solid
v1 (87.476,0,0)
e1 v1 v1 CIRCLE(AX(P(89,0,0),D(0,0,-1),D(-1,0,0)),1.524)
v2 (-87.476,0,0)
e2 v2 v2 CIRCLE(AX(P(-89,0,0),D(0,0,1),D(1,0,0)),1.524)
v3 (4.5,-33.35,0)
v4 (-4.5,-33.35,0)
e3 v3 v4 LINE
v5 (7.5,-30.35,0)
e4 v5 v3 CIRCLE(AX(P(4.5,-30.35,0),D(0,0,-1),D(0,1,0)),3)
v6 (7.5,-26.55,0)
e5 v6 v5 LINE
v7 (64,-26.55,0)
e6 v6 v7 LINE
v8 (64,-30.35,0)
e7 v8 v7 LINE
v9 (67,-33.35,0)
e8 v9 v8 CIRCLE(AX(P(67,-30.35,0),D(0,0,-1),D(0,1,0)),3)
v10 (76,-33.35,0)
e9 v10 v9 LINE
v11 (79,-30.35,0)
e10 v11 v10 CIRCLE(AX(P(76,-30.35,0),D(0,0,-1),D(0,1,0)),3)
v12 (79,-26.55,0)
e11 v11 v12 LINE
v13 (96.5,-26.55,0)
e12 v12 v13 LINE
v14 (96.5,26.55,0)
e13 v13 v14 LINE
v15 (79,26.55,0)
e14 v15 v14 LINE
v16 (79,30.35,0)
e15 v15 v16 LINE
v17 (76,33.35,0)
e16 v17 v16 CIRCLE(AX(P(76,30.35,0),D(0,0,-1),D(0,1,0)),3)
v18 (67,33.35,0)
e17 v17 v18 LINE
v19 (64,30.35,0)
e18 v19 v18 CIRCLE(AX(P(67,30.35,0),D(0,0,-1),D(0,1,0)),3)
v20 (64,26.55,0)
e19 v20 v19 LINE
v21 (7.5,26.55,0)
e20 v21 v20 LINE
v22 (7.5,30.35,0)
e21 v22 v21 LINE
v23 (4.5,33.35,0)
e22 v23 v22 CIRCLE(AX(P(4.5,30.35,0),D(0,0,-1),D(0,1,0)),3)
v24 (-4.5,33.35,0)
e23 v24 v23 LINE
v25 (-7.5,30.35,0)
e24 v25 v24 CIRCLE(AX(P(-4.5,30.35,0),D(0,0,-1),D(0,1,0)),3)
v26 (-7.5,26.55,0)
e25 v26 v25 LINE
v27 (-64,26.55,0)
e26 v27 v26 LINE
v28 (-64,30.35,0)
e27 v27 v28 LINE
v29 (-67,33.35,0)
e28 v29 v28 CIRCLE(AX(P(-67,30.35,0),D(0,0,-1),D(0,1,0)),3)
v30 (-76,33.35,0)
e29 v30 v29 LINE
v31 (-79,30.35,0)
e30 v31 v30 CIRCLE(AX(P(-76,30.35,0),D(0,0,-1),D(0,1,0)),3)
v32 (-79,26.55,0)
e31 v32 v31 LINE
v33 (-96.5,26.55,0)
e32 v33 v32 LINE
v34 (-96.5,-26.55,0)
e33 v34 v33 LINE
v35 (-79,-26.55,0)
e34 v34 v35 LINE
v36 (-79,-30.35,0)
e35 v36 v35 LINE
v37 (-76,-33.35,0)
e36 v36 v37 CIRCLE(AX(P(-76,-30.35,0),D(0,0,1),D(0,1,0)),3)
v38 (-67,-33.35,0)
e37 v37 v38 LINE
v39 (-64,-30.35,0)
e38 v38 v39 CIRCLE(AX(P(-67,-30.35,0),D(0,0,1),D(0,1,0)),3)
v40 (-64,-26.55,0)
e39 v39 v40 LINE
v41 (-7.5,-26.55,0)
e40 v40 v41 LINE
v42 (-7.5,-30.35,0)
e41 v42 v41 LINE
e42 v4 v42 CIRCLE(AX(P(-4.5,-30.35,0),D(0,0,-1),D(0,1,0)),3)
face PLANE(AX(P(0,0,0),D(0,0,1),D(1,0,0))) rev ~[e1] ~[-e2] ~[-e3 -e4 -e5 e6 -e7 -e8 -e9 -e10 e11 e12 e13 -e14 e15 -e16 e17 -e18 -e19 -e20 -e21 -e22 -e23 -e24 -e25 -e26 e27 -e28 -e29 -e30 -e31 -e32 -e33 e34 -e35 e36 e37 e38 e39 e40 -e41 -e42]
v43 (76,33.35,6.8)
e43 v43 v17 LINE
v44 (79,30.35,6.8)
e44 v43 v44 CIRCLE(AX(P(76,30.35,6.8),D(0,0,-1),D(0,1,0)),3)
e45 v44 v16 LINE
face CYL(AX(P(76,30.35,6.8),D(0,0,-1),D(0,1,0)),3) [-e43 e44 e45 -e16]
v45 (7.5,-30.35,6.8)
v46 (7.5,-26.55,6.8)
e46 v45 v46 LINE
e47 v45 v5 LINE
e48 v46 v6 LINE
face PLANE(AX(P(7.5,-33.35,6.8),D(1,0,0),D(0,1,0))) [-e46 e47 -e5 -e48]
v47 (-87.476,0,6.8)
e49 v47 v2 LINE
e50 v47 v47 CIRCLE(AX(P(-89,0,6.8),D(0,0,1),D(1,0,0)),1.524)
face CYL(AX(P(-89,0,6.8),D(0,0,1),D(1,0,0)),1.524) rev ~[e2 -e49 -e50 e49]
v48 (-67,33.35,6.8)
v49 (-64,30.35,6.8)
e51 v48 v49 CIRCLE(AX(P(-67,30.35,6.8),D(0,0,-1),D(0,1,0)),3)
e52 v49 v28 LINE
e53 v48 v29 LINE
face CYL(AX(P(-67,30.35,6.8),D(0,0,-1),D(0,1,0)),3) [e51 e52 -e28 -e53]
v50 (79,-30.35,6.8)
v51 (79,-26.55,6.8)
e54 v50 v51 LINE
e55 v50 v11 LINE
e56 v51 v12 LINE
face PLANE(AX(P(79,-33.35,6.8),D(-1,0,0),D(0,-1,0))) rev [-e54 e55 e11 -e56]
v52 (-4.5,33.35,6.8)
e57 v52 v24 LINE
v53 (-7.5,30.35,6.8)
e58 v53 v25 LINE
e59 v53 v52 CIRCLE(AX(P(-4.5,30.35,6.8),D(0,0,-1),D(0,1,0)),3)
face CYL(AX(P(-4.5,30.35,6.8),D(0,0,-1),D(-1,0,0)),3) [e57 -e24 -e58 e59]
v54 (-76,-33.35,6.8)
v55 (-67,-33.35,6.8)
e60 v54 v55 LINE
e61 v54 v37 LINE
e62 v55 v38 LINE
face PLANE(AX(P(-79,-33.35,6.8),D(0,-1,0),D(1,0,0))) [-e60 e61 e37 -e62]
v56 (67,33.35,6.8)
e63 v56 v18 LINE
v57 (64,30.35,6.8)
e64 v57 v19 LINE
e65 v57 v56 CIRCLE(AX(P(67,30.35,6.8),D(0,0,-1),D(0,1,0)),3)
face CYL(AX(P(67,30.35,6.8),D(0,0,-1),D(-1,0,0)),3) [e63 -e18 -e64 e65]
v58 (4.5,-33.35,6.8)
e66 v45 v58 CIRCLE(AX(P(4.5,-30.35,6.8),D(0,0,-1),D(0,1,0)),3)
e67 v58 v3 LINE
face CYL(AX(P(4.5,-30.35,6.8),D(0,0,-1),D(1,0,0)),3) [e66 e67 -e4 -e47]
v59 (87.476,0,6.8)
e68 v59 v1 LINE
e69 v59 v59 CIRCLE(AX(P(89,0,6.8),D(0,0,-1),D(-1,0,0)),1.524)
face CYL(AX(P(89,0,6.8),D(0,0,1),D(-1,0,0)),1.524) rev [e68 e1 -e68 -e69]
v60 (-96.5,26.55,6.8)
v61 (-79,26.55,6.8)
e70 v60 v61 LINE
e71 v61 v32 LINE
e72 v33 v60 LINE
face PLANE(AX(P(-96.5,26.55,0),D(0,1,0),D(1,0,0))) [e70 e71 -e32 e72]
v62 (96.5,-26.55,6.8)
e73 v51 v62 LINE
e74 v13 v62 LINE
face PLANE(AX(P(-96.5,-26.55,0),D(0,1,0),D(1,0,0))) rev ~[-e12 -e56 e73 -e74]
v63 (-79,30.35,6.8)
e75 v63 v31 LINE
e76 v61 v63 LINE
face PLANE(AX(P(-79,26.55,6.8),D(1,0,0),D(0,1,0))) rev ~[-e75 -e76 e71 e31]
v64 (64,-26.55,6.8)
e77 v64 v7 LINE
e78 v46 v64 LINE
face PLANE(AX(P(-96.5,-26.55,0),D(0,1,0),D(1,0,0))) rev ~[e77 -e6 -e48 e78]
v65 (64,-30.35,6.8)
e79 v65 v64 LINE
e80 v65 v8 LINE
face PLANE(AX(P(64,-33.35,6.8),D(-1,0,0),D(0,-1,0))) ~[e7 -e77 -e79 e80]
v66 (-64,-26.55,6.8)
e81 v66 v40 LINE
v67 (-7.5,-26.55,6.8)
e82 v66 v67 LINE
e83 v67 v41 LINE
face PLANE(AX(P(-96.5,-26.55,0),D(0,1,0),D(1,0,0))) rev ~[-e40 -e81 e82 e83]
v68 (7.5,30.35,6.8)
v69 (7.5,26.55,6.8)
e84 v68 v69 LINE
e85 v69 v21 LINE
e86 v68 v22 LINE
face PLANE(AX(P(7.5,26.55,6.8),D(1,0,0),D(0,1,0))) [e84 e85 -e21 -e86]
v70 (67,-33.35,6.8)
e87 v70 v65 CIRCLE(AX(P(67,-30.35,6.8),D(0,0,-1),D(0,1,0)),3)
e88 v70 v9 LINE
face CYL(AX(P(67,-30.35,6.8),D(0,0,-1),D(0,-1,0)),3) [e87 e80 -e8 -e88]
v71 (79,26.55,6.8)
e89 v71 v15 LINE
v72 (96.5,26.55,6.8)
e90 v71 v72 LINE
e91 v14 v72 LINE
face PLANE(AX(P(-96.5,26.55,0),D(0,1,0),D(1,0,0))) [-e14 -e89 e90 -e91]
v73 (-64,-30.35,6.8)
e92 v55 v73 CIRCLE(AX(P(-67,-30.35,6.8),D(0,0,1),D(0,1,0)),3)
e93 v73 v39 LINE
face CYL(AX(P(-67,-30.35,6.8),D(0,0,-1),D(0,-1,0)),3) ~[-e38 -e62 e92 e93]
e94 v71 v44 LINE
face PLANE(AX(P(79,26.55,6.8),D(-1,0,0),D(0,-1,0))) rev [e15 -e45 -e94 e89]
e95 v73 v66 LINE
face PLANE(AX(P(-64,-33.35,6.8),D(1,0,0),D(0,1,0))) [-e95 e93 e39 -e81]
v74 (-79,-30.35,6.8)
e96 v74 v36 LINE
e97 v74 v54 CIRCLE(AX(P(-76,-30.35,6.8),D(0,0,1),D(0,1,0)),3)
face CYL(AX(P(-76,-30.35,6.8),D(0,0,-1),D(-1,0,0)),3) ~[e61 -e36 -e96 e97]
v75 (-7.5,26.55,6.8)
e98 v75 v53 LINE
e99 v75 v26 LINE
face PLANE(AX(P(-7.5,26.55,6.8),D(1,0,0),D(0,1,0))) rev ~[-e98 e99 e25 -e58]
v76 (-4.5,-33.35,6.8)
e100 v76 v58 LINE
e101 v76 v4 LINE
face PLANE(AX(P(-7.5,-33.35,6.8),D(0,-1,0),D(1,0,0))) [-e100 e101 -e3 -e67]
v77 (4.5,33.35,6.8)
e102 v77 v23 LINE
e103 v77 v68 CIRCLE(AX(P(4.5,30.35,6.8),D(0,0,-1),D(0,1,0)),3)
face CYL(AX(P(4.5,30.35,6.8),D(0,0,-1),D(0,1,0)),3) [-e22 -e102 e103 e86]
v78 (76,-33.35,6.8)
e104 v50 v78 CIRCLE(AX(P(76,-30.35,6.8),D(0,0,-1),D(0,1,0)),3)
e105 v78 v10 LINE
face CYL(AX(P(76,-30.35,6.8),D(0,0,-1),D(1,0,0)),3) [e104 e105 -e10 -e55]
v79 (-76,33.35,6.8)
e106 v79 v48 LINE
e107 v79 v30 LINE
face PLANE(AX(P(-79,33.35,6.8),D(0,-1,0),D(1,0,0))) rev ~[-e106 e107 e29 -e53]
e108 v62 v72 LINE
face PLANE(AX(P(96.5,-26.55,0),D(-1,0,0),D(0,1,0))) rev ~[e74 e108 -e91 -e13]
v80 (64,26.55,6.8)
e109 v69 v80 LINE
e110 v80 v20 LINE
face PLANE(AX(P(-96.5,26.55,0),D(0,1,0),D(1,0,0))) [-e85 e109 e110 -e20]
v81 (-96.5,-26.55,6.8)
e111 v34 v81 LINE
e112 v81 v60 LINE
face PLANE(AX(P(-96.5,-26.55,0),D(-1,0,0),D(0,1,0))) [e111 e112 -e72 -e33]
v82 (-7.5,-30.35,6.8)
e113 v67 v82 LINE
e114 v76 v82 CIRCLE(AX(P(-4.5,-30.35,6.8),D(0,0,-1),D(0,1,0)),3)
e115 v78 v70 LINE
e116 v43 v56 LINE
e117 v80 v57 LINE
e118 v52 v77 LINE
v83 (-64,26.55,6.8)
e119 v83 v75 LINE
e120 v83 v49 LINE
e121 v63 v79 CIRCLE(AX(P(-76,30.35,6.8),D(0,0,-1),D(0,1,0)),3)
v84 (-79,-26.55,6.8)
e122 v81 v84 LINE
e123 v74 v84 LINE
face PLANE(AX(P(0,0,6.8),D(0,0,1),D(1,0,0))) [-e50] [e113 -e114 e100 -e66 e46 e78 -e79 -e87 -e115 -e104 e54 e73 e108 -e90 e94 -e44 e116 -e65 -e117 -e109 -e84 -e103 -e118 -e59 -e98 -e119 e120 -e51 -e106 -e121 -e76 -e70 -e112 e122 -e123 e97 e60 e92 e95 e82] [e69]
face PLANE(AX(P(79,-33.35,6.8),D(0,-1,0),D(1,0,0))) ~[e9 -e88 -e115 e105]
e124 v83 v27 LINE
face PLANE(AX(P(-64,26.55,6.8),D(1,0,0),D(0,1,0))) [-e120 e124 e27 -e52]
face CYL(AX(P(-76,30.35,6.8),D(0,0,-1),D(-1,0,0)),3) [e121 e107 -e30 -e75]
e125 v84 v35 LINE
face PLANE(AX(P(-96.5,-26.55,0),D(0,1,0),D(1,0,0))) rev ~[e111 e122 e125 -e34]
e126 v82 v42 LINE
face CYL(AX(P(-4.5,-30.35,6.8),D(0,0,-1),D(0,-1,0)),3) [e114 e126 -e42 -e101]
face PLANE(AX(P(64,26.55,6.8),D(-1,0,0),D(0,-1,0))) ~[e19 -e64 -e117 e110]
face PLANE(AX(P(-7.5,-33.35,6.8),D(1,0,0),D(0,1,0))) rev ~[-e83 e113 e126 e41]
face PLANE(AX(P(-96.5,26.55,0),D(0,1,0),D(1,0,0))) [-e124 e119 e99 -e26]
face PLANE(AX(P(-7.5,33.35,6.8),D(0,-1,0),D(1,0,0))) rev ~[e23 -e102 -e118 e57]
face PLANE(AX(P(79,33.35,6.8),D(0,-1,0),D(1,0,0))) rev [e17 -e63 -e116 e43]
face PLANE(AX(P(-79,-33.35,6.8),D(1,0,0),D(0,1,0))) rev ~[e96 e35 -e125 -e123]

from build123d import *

# Parameters (mm, degrees)
SKETCH1_W            = 193
SKETCH1_H            = 53.1
BOSS_EXTRUDE1_DEPTH  = 6.8
SKETCH2_W            = 15
SKETCH2_H            = 6.8
BOSS_EXTRUDE2_DEPTH  = 6.8
SKETCH3_R            = 1.524
CUT_EXTRUDE1_DEPTH   = 6.8
FILLET1_R            = 3
FILLET1_OF_MIRROR1_R = 3


with BuildPart() as part:
    # Sketch1 → Boss-Extrude1 (new body)
    with BuildSketch(Plane.XY):
        Rectangle(SKETCH1_W, SKETCH1_H)
    extrude(amount=BOSS_EXTRUDE1_DEPTH)

    # Sketch2 → Boss-Extrude2 (add)
    with BuildSketch(Plane.XY.offset(6.8)):
        with Locations((0, 29.95)):
            Rectangle(SKETCH2_W, SKETCH2_H)
        with Locations((-71.5, 29.95)):
            Rectangle(SKETCH2_W, SKETCH2_H)
        with Locations((-71.5, -29.95)):
            Rectangle(SKETCH2_W, SKETCH2_H)
        with Locations((0, -29.95)):
            Rectangle(SKETCH2_W, SKETCH2_H)
    boss_extrude2 = extrude(amount=-BOSS_EXTRUDE2_DEPTH)

    # Sketch3 → Cut-Extrude1 (cut)
    with BuildSketch(Plane.XY.offset(6.8)):
        with Locations((-89, 0)):
            Circle(SKETCH3_R)
    cut_extrude1 = extrude(amount=-CUT_EXTRUDE1_DEPTH, mode=Mode.SUBTRACT)

    # Fillet1
    fillet1_edges = [part.edges().sort_by_distance(p)[0] for p in [
        (7.5, 33.35, 3.4),
        (-7.5, 33.35, 3.4),
        (-64, 33.35, 3.4),
        (-79, 33.35, 3.4),
        (7.5, -33.35, 3.4),
        (-7.5, -33.35, 3.4),
        (-64, -33.35, 3.4),
        (-79, -33.35, 3.4),
    ]]
    fillet(fillet1_edges, radius=FILLET1_R)

    # Mirror1: Boss-Extrude2, Cut-Extrude1 across plane
    add(boss_extrude2.mirror(Plane(origin=(0, 0, 0), x_dir=(0, 0, 1), z_dir=(1, 0, 0))))
    add(cut_extrude1.mirror(Plane(origin=(0, 0, 0), x_dir=(0, 0, 1), z_dir=(1, 0, 0))), mode=Mode.SUBTRACT)

    # Fillet1 of Mirror1
    fillet1_of_mirror1_edges = [part.edges().sort_by_distance(p)[0] for p in [
        (-7.5, 33.35, 3.4),
        (7.5, 33.35, 3.4),
        (64, 33.35, 3.4),
        (79, 33.35, 3.4),
        (-7.5, -33.35, 3.4),
        (7.5, -33.35, 3.4),
        (64, -33.35, 3.4),
        (79, -33.35, 3.4),
    ]]
    fillet(fillet1_of_mirror1_edges, radius=FILLET1_OF_MIRROR1_R)


solid = part.part
